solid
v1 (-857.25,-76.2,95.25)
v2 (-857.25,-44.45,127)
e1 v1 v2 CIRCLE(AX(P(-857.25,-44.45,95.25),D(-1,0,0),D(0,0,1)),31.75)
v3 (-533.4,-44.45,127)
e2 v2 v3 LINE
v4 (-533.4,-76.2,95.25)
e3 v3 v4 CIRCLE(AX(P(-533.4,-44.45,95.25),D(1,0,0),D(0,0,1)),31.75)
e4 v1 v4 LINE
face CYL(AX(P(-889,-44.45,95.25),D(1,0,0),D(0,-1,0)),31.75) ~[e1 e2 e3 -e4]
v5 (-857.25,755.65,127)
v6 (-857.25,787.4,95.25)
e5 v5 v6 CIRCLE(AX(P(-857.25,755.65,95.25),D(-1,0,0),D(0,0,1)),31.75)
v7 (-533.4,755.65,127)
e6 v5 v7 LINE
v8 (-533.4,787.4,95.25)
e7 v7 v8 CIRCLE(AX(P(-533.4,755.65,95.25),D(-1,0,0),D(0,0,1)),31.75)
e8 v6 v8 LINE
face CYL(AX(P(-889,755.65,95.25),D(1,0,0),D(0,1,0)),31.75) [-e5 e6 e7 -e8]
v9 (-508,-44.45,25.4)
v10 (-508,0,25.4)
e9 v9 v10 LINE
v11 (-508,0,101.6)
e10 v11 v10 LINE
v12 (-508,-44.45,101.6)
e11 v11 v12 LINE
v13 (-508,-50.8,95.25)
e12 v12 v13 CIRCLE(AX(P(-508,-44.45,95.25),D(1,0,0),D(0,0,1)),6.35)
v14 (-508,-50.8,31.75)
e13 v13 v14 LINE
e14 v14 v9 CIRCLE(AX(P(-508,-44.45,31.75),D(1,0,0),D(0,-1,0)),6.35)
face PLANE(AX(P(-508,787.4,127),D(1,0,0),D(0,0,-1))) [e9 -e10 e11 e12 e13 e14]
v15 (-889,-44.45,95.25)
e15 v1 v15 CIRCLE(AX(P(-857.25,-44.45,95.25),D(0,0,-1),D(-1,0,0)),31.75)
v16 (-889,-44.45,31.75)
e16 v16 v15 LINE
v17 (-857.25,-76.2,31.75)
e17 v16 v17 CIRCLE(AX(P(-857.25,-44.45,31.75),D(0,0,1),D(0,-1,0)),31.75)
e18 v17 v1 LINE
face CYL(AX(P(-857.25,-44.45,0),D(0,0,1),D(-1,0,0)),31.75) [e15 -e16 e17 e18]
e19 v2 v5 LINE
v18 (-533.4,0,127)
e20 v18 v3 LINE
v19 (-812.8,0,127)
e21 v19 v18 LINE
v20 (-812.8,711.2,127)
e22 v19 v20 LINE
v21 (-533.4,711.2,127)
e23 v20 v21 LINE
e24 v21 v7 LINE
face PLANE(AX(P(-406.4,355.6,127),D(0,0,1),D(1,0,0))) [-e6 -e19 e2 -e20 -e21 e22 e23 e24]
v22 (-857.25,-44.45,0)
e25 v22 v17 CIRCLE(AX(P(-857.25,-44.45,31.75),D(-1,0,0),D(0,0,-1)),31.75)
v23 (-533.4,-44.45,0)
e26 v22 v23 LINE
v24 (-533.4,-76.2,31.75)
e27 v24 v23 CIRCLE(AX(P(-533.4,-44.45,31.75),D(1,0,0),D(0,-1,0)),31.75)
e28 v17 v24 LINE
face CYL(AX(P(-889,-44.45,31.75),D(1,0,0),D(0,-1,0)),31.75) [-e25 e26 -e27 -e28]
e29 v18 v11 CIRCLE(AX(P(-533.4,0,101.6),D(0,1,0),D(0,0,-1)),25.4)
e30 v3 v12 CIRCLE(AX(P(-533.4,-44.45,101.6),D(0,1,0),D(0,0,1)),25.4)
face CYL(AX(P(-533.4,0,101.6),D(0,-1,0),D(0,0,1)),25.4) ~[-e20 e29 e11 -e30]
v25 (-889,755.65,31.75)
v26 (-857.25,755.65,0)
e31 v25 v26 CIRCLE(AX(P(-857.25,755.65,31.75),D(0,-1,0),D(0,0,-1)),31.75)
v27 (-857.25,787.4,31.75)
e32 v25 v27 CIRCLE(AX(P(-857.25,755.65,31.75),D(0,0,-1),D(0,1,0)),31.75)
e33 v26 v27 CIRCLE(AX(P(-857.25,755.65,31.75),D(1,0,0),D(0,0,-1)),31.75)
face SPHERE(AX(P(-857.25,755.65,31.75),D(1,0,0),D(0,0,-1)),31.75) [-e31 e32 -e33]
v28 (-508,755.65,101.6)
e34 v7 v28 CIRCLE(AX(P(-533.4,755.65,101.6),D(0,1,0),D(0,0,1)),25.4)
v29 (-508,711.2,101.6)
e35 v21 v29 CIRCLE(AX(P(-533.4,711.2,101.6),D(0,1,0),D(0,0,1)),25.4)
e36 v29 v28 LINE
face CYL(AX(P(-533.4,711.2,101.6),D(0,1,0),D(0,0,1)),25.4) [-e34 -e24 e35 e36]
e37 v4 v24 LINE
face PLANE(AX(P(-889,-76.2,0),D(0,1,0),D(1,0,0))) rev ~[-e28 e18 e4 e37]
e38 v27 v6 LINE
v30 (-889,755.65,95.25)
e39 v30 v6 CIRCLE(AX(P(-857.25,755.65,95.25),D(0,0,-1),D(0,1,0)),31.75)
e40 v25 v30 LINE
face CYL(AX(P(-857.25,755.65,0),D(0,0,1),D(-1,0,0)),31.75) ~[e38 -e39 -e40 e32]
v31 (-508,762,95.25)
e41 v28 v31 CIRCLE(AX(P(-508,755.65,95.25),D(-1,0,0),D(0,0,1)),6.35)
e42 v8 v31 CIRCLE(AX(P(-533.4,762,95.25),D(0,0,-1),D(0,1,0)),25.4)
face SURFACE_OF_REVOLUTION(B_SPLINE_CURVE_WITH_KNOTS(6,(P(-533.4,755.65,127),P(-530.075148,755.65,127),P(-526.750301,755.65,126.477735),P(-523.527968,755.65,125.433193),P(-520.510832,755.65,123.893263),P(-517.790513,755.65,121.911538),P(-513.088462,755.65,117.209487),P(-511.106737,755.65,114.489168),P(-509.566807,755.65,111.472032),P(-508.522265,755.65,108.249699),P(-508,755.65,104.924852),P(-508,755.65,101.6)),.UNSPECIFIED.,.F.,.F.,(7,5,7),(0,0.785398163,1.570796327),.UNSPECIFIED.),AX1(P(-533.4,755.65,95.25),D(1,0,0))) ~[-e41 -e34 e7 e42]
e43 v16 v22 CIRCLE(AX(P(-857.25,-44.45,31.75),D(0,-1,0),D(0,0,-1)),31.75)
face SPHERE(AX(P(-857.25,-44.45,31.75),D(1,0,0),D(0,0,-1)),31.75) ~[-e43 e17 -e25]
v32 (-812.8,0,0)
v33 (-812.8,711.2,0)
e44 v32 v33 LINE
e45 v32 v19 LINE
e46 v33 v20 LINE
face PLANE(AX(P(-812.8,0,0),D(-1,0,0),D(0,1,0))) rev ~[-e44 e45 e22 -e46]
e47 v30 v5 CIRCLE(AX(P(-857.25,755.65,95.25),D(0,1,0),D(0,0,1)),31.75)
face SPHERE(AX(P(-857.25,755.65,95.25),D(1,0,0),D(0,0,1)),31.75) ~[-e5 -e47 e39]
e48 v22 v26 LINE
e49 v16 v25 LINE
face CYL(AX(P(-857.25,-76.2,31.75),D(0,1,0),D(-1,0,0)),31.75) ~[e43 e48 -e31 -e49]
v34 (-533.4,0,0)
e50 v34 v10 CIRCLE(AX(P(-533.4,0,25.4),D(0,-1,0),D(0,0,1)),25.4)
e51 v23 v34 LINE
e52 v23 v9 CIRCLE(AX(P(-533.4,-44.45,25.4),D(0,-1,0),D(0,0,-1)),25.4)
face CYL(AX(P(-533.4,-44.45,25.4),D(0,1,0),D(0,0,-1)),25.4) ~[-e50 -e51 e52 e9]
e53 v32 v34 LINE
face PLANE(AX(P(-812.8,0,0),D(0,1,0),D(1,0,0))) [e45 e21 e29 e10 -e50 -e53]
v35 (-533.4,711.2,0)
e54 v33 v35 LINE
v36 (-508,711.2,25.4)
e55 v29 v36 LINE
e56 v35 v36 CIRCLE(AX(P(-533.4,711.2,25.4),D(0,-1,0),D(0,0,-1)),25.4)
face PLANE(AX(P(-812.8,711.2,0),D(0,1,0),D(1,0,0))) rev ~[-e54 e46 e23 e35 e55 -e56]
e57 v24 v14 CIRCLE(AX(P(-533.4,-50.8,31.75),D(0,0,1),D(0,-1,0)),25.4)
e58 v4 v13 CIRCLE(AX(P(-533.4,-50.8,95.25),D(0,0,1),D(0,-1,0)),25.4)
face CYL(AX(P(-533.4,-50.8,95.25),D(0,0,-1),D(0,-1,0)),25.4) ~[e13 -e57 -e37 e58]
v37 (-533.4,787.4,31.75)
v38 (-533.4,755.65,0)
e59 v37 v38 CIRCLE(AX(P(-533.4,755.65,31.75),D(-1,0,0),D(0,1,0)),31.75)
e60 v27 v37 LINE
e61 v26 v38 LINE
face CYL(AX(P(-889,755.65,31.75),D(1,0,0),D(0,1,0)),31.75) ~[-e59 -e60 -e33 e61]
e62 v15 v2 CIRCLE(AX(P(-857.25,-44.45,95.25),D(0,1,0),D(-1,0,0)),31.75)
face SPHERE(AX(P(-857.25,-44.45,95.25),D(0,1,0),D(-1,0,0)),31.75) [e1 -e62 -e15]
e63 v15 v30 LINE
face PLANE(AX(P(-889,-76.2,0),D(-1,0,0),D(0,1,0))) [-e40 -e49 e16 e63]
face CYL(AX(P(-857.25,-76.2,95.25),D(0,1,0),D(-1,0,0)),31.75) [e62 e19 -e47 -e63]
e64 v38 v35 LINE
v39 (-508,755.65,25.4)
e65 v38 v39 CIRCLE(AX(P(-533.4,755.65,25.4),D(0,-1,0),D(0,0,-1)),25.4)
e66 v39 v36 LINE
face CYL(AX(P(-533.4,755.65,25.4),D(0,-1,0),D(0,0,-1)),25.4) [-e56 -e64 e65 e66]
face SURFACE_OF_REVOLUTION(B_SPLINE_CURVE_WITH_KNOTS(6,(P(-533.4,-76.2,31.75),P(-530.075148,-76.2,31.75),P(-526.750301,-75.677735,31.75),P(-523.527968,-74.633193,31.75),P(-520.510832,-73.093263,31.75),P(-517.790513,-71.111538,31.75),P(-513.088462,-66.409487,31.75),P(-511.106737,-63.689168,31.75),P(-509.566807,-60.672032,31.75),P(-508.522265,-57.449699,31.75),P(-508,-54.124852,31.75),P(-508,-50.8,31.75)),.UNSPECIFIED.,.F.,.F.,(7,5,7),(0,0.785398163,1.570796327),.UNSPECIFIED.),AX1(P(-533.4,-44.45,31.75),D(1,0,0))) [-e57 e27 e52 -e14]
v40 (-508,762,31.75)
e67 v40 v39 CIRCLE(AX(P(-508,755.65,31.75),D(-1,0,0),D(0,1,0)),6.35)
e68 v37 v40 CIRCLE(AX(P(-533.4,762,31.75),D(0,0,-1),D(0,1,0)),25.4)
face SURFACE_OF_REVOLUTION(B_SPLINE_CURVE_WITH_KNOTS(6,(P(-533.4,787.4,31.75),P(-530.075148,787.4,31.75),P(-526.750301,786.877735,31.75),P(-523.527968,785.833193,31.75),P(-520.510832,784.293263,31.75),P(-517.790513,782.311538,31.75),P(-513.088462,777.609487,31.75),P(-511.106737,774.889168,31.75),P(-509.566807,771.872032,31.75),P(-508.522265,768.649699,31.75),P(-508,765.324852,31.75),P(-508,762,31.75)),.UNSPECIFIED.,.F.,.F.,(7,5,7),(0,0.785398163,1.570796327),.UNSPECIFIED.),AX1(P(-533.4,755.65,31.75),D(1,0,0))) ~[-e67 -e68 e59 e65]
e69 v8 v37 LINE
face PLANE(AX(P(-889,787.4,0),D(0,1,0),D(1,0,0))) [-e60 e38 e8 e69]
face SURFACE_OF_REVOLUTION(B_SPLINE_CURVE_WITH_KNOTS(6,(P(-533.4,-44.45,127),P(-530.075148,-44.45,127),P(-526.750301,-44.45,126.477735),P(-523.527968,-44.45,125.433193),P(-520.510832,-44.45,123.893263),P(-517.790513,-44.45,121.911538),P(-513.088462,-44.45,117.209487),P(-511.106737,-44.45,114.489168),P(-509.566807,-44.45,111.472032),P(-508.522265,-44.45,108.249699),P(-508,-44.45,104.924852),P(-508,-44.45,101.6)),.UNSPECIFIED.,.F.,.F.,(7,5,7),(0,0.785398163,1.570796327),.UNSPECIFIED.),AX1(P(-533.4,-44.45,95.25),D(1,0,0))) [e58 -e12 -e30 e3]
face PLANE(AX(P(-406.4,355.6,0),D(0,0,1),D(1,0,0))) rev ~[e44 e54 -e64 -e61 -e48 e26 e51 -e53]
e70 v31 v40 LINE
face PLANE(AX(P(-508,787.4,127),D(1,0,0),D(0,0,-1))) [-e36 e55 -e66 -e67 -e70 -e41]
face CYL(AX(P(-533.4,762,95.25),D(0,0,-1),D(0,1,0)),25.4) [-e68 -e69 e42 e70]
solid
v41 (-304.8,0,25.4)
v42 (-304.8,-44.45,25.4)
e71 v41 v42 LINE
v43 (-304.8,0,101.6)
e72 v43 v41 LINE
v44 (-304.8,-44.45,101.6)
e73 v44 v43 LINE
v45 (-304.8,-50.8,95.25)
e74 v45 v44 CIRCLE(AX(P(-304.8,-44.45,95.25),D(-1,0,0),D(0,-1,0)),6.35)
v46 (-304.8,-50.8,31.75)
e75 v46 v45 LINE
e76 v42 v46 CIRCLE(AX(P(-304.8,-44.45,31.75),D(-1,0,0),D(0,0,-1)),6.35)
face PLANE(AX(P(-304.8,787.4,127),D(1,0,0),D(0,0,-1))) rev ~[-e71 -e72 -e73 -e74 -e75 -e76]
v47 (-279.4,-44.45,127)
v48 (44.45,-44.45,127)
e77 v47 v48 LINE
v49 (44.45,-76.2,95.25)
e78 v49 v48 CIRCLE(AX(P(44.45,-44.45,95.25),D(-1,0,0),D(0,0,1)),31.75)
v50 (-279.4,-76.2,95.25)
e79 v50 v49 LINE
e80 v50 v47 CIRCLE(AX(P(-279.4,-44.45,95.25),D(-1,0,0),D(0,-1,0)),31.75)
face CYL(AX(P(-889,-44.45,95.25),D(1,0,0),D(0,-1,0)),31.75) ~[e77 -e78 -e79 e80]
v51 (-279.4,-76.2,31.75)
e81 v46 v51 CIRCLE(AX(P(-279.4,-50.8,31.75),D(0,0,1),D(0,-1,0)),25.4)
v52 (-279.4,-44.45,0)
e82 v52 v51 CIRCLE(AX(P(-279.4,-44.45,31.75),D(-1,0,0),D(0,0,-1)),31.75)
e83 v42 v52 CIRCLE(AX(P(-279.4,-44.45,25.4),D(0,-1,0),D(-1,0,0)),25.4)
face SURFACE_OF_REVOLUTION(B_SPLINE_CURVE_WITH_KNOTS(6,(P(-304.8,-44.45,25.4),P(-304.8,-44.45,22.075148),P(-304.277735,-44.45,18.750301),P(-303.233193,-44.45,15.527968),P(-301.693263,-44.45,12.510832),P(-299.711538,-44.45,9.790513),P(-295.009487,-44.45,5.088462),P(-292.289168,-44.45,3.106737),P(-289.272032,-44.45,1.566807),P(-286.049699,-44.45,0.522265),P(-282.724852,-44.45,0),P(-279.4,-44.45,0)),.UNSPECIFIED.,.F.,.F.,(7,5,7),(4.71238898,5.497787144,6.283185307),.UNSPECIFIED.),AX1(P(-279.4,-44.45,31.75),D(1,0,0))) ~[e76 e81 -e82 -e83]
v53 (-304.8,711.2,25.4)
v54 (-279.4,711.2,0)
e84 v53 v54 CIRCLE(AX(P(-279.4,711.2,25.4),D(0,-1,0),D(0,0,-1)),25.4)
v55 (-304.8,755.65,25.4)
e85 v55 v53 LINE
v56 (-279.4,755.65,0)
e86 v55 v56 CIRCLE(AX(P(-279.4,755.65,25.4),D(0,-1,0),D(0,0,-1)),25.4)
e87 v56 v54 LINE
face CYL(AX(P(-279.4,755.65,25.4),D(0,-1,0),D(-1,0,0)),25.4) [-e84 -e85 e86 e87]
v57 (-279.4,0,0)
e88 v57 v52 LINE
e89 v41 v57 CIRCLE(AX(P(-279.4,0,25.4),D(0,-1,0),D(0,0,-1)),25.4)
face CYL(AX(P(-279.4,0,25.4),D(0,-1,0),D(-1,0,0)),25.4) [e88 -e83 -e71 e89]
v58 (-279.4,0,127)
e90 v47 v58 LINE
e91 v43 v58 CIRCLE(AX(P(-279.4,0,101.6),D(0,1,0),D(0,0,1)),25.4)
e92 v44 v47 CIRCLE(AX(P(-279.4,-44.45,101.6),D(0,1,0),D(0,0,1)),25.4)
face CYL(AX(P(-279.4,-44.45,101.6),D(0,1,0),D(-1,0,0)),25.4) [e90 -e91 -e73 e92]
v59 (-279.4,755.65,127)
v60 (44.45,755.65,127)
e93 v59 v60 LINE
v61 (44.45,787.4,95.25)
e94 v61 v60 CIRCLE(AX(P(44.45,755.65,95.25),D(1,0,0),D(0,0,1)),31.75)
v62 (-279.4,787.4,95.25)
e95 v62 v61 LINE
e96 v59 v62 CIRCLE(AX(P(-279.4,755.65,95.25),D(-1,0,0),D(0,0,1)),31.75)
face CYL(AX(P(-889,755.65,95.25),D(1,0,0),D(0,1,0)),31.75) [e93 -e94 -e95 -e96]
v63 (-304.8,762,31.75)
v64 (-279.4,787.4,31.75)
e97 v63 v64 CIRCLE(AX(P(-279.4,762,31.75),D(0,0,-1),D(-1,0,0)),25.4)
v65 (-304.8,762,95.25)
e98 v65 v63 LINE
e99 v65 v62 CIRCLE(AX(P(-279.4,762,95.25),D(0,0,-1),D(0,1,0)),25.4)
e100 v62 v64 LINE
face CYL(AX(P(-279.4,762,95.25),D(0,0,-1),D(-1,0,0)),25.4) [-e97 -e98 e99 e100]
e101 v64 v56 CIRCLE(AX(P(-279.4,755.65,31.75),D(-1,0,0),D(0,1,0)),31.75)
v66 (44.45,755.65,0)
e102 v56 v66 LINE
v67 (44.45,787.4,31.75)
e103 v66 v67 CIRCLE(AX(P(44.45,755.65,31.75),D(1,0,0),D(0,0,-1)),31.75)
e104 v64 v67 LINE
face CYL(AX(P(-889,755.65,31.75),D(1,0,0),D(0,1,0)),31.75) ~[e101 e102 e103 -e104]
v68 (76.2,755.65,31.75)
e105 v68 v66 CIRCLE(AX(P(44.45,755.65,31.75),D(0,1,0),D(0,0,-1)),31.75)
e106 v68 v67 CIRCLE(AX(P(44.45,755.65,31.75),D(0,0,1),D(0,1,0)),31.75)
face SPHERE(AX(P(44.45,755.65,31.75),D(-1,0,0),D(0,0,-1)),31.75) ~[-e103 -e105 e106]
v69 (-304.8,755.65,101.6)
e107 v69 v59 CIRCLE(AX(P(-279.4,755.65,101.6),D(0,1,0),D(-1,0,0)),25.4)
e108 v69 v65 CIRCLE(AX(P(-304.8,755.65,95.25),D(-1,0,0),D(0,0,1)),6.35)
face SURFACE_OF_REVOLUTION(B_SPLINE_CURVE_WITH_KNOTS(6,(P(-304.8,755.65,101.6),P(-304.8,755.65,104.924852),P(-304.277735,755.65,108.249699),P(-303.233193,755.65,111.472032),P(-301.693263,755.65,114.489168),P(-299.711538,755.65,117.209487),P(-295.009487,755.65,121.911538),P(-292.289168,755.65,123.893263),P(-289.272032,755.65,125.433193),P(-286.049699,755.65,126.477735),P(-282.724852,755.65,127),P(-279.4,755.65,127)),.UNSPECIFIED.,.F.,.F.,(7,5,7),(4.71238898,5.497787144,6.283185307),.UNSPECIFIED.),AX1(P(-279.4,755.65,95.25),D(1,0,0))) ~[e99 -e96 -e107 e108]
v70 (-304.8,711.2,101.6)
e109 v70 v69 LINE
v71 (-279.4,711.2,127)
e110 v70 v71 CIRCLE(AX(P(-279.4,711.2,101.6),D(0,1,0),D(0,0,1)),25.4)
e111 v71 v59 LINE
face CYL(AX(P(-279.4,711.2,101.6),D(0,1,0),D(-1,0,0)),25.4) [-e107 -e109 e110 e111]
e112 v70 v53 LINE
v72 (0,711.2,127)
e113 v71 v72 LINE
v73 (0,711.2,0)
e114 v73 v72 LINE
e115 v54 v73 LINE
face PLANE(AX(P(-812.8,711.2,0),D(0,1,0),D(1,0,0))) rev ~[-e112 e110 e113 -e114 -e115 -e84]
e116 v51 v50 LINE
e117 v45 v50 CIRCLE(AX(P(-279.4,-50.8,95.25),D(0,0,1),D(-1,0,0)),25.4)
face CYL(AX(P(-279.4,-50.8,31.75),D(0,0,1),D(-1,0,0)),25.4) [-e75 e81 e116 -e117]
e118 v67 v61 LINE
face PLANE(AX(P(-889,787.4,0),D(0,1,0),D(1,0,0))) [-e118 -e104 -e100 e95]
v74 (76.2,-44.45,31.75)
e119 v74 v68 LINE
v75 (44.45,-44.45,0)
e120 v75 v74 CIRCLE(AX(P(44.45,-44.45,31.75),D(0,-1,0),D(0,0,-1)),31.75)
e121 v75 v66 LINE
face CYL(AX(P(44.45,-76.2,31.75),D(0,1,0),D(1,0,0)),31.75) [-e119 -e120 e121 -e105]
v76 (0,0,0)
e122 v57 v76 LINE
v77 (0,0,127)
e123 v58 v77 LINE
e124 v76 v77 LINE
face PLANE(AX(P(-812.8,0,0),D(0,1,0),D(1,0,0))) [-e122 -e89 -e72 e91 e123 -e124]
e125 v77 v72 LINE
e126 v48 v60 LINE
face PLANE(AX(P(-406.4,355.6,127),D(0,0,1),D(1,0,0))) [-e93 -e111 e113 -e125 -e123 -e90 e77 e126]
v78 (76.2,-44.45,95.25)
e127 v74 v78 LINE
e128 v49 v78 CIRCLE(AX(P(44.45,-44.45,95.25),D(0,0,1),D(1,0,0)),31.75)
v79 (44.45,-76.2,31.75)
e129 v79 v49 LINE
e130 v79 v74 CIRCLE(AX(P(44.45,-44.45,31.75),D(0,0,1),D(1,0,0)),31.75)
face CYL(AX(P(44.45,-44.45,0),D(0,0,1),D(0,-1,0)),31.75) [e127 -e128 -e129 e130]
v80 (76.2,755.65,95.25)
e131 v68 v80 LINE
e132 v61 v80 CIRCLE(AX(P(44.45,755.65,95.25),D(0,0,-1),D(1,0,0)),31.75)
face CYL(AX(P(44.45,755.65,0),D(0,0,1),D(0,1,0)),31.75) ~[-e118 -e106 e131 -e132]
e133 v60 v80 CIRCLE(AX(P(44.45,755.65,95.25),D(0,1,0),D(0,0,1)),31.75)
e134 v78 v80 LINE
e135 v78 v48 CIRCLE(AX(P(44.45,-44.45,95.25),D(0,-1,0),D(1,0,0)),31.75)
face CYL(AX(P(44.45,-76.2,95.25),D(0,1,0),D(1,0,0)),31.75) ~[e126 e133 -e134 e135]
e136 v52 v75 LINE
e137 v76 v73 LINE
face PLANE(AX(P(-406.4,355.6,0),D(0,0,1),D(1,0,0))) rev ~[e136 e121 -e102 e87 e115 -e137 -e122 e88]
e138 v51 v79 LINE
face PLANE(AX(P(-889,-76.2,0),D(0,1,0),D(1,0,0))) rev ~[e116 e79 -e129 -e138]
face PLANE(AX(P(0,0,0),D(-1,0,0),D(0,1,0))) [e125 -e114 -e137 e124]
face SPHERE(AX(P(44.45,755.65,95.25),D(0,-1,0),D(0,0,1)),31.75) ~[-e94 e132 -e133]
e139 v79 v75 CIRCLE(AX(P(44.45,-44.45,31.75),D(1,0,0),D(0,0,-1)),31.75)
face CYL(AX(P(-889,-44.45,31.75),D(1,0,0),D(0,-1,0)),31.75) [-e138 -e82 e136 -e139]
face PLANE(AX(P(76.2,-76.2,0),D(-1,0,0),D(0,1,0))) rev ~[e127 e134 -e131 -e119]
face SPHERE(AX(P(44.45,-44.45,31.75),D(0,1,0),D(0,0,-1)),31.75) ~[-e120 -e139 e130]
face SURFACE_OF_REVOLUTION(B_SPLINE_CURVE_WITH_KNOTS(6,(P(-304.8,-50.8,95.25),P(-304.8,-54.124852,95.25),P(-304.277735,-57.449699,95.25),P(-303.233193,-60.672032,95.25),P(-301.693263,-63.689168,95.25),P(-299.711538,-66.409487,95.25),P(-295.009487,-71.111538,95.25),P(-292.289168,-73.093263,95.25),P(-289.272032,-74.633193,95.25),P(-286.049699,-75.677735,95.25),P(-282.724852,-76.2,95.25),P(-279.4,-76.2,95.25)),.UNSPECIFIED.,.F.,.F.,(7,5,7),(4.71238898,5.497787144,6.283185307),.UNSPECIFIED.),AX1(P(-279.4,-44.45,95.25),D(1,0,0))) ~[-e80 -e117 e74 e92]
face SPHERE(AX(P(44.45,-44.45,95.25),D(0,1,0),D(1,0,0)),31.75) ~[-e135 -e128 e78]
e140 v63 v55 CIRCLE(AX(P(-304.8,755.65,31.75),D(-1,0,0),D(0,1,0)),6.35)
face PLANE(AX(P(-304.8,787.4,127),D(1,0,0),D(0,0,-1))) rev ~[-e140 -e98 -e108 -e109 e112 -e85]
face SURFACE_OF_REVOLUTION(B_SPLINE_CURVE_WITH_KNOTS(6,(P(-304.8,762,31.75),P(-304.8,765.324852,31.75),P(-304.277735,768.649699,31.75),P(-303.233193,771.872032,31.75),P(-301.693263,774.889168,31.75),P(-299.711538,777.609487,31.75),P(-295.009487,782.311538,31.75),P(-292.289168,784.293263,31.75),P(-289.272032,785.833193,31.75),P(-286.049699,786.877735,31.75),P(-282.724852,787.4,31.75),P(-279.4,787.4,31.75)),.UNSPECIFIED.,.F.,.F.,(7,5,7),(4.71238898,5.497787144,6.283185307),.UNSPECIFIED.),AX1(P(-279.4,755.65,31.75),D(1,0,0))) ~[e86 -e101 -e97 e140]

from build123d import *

# Parameters (mm, degrees)
SKETCH1_W           = 965.2
SKETCH1_H           = 863.6
SKETCH1_W_2         = 812.8
SKETCH1_H_2         = 711.2
BOSS_EXTRUDE1_DEPTH = 127
FILLET1_R           = 31.75
CUT_EXTRUDE1_REACH  = 1247.895
SKETCH2_W           = 203.2
SKETCH2_H           = 127
FILLET2_R           = 25.4
FILLET3_R           = 25.4


with BuildPart() as part:
    # Sketch1 → Boss-Extrude1 (new body)
    with BuildSketch(Plane.XY):
        with Locations((-406.4, 355.6)):
            Rectangle(SKETCH1_W, SKETCH1_H)
        with Locations((-406.4, 355.6)):
            Rectangle(SKETCH1_W_2, SKETCH1_H_2, mode=Mode.SUBTRACT)
    extrude(amount=BOSS_EXTRUDE1_DEPTH)

    # Fillet1
    fillet1_edges = [part.edges().sort_by_distance(p)[0] for p in [
        (76.2, 355.6, 127),
        (-406.4, 787.4, 127),
        (-889, 355.6, 127),
        (-406.4, 787.4, 0),
        (76.2, 355.6, 0),
        (-406.4, -76.2, 0),
        (-889, 355.6, 0),
        (-889, 787.4, 63.5),
        (76.2, 787.4, 63.5),
        (76.2, -76.2, 63.5),
        (-889, -76.2, 63.5),
        (-406.4, -76.2, 127),
    ]]
    fillet(fillet1_edges, radius=FILLET1_R)

    # Cut-Extrude1: up to this face of the body (flat: up to its plane)
    cut_extrude1_end = Plane(part.part.faces().sort_by_distance((-406.4, -76.2, 63.5))[0])
    # Sketch2 → Cut-Extrude1 (cut, up to the picked face)
    with BuildSketch(Plane(origin=(0, 787.4, 0), x_dir=(1, 0, 0), z_dir=(0, 1, 0)), mode=Mode.PRIVATE) as cut_extrude1_sk1:
        with Locations((-406.4, -63.5)):
            Rectangle(SKETCH2_W, SKETCH2_H)
    cut_extrude1_tool1 = split(extrude(cut_extrude1_sk1.sketch, amount=-CUT_EXTRUDE1_REACH, mode=Mode.PRIVATE), bisect_by=cut_extrude1_end, keep=Keep.BOTH, mode=Mode.PRIVATE)
    add(cut_extrude1_tool1.solids().sort_by(Axis((-406.4, 787.4, 63.5), (0, -1, 0)))[0], mode=Mode.SUBTRACT)


with BuildPart() as cut_extrude1_piece_1:
    # of the separate pieces the step leaves, piece 1, a body of its own (cut_extrude1_pieces)
    add(part.part.solids().sort_by_distance((-857.25, 787.4, 31.75))[0])

    # Fillet3
    fillet3_edges = [cut_extrude1_piece_1.edges().sort_by_distance(p)[0] for p in [
        (-508, -66.900640303, 117.700640303),
        (-508, 733.425, 0),
        (-508, -22.225, 0),
        (-508, 787.4, 63.5),
        (-508, 733.425, 127),
        (-508, 778.100640303, 9.299359697),
        (-508, -66.900640303, 9.299359697),
        (-508, 778.100640303, 117.700640303),
        (-508, -76.2, 63.5),
        (-508, -22.225, 127),
    ]]
    fillet(fillet3_edges, radius=FILLET3_R)


with BuildPart() as cut_extrude1_piece_2:
    # of the separate pieces the step leaves, piece 2, a body of its own (cut_extrude1_pieces)
    add(part.part.solids().sort_by_distance((-304.8, 787.4, 95.25))[0])

    # Fillet2
    fillet2_edges = [cut_extrude1_piece_2.edges().sort_by_distance(p)[0] for p in [
        (-304.8, -22.225, 0),
        (-304.8, 733.425, 0),
        (-304.8, -66.900640303, 9.299359697),
        (-304.8, -76.2, 63.5),
        (-304.8, -66.900640303, 117.700640303),
        (-304.8, -22.225, 127),
        (-304.8, 733.425, 127),
        (-304.8, 778.100640303, 117.700640303),
        (-304.8, 787.4, 63.5),
        (-304.8, 778.100640303, 9.299359697),
    ]]
    fillet(fillet2_edges, radius=FILLET2_R)


solid = Compound([cut_extrude1_piece_1.part, cut_extrude1_piece_2.part])
